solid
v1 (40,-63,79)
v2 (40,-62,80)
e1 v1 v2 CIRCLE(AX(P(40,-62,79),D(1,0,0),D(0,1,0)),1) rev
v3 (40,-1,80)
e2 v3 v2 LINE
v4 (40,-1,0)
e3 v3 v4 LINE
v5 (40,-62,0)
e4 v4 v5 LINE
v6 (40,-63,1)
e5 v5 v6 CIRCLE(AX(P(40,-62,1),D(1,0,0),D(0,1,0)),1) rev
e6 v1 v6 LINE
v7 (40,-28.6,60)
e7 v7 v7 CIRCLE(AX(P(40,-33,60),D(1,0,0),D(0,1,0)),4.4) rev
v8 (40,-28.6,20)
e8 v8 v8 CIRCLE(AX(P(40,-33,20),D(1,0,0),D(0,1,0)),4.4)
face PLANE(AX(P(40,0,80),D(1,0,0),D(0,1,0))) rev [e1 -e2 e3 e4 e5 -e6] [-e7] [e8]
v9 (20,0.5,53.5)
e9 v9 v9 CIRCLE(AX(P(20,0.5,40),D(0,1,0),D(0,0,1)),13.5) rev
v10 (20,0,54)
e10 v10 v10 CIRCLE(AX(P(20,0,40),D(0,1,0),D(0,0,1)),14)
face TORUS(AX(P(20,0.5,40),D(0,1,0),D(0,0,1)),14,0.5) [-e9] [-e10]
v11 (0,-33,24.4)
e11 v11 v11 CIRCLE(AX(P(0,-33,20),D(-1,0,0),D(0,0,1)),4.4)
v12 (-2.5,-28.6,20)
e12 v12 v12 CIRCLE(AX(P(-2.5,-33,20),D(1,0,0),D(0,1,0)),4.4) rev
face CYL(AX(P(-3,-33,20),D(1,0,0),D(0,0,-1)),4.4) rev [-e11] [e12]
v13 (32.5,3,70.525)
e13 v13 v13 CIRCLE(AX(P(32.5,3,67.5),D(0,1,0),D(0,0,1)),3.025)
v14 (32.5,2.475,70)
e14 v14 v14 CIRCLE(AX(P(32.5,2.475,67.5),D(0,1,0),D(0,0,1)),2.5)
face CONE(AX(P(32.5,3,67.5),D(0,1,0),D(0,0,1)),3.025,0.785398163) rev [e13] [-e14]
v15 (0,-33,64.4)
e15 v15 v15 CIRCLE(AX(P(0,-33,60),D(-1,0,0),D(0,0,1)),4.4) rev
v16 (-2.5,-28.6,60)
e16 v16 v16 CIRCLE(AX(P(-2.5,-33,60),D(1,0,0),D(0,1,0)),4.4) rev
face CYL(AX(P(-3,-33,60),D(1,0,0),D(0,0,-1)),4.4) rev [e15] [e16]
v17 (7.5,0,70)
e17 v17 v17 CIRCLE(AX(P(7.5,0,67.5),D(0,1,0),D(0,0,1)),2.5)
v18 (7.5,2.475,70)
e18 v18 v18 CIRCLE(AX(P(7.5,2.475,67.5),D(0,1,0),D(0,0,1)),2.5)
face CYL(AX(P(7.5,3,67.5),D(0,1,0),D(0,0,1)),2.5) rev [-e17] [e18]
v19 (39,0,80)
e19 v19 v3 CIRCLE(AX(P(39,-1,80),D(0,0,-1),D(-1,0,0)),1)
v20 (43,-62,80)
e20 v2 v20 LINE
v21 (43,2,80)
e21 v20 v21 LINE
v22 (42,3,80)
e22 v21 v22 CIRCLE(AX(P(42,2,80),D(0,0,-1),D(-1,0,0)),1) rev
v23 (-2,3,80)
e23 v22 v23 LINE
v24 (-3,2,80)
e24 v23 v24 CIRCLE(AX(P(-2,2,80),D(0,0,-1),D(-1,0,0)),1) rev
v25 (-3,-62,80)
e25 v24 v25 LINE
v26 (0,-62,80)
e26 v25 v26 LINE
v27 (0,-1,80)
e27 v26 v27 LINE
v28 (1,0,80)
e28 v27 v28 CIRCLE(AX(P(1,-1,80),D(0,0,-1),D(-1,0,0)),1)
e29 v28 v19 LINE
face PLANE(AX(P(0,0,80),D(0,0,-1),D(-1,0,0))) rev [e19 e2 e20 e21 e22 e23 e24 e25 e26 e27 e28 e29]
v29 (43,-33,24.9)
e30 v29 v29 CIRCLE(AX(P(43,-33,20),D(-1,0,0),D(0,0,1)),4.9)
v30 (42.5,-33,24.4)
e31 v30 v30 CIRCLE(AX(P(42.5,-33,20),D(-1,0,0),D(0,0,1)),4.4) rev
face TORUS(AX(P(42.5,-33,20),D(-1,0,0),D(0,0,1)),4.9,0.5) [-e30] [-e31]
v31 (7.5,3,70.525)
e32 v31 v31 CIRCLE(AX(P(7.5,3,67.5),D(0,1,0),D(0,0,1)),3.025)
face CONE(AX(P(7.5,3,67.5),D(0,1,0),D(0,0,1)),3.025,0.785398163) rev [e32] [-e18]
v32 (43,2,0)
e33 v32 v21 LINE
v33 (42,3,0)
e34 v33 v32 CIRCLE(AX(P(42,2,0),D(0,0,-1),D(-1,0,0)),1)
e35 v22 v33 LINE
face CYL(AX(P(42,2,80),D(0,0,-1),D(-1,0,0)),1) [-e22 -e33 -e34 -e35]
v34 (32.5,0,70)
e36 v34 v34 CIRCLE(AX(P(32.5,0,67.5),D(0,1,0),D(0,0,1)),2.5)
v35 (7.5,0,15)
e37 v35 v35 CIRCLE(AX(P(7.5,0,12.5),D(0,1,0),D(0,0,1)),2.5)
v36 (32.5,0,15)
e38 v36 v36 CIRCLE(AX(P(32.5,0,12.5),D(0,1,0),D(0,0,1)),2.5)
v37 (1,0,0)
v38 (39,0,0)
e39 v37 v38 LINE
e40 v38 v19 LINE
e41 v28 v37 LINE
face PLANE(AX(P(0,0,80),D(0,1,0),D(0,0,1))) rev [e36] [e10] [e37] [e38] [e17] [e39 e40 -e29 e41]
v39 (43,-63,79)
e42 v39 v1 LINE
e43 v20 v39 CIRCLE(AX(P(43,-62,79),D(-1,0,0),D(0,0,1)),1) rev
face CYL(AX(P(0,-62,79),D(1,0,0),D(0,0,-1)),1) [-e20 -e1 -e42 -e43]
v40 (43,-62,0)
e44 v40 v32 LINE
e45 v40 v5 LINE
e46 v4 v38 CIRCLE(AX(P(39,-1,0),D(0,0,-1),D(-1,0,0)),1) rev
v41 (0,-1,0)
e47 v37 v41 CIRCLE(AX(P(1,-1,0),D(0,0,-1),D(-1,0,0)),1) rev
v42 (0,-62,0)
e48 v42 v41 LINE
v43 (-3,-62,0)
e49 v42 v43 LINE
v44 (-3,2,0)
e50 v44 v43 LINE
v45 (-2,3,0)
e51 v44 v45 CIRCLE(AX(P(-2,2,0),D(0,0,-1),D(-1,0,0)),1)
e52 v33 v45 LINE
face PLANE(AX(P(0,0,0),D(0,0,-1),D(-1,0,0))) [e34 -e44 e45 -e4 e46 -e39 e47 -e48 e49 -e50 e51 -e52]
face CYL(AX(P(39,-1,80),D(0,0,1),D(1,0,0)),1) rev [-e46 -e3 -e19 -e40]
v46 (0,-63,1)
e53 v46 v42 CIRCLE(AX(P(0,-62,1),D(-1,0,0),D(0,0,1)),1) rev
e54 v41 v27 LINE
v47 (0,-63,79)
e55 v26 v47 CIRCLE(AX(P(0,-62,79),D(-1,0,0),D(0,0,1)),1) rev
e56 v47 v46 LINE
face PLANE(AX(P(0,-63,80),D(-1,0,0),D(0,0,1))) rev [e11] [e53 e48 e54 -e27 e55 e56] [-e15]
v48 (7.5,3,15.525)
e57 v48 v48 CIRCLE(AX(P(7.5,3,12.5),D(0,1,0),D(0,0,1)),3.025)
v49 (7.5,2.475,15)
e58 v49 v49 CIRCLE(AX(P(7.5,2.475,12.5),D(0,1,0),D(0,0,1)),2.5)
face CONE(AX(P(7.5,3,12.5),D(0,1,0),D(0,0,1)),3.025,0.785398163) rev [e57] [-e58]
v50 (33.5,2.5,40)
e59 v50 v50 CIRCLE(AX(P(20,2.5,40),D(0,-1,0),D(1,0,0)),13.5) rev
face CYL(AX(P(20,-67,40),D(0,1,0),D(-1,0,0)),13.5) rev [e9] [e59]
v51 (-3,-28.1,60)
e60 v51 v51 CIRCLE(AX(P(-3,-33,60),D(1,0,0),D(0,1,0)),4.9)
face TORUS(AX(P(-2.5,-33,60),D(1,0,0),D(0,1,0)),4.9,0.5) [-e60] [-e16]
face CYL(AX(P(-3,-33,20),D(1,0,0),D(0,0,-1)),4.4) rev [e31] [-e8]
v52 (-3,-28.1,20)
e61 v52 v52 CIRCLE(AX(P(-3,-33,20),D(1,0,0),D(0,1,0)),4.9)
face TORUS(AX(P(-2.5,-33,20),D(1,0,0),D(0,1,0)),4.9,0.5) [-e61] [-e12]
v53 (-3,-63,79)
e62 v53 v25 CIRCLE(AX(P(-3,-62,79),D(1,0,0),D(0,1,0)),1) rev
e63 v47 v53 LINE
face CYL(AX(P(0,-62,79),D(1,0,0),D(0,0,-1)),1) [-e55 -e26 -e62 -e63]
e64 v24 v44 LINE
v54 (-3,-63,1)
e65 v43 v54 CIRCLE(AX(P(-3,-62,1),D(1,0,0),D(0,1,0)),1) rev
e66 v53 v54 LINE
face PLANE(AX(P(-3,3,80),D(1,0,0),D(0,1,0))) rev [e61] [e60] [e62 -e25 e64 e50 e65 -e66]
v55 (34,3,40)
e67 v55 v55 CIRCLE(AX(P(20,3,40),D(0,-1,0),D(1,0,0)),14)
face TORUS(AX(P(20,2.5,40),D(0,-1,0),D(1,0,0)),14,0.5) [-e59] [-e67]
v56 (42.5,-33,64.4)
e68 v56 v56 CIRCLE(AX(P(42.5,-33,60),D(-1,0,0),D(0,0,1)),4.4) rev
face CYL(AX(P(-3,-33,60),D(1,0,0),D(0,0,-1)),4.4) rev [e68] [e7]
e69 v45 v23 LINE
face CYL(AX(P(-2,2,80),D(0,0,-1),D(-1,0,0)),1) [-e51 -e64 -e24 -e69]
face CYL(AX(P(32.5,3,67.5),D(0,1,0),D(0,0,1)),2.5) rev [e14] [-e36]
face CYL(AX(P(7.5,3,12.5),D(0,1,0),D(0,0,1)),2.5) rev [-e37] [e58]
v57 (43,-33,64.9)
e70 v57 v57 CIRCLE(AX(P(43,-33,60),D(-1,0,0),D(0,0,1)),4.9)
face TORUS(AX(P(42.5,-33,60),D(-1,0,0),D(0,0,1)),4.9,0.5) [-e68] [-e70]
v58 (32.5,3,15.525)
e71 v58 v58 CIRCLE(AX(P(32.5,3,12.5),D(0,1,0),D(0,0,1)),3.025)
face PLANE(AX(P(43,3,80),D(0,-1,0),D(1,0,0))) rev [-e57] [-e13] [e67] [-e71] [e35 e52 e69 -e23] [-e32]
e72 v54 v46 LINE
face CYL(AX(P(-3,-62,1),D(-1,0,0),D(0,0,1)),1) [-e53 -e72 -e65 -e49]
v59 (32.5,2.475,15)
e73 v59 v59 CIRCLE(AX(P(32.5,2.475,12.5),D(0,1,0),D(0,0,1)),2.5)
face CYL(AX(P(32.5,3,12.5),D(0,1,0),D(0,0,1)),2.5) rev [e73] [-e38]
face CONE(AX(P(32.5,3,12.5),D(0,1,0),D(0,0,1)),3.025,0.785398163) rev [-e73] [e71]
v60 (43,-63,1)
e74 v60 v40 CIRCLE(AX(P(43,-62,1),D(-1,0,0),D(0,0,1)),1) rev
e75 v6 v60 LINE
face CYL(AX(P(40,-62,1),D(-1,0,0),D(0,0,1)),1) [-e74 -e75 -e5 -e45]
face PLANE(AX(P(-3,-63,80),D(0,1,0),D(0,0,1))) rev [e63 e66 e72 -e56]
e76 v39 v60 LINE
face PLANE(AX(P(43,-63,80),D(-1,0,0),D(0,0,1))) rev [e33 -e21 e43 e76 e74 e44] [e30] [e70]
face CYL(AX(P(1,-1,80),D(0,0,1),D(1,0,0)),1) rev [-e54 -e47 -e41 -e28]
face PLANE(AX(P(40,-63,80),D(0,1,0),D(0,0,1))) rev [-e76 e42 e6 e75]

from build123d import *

# Parameters (mm, degrees)
EXTRUDE_1_DEPTH              = 80
HOLE_WIZARD_M6_1_D           = 5
HOLE_WIZARD_M6_1_CSINK_D     = 6.05
HOLE_WIZARD_M6_1_CSINK_ANGLE = 90
CUT_EXTRUDE_1_DEPTH          = 70
SKETCH_6_R                   = 4.4
CUT_EXTRUDE_2_DEPTH          = 112.736296699
FILLET_1_R                   = 1
FILLET_2_R                   = 0.5


with BuildPart() as part:
    # 草图1 → 凸台-拉伸1 (new body)
    with BuildSketch(Plane.XY):
        Polygon((0, 0), (40, 0), (40, -63), (43, -63), (43, 3), (-3, 3), (-3, -63), (0, -63), align=None)
    extrude(amount=EXTRUDE_1_DEPTH)

    # M6 螺纹孔1 (through all)
    with Locations(Plane(origin=(0, 3, 0), x_dir=(1, 0, 0), z_dir=(0, 1, 0))):
        with Locations((7.5, -12.5), (32.5, -12.5), (32.5, -67.5), (7.5, -67.5)):
            CounterSinkHole(HOLE_WIZARD_M6_1_D / 2, HOLE_WIZARD_M6_1_CSINK_D / 2, counter_sink_angle=HOLE_WIZARD_M6_1_CSINK_ANGLE)

    # 草图5 → 切除-拉伸1 (cut)
    with BuildSketch(Plane(origin=(0, 3, 0), x_dir=(1, 0, 0), z_dir=(0, 1, 0))):
        with BuildLine():
            ThreePointArc((6.5, -40), (20, -53.5), (33.5, -40))
            Line((33.5, -40), (6.5, -40))
        make_face()
        with BuildLine():
            Line((6.5, -40), (33.5, -40))
            ThreePointArc((33.5, -40), (20, -26.5), (6.5, -40))
        make_face()
    extrude(amount=-CUT_EXTRUDE_1_DEPTH, mode=Mode.SUBTRACT)

    # 草图6 → 切除-拉伸2 (cut, through all)
    with BuildSketch(Plane(origin=(43, 0, 0), x_dir=(0, 0, -1), z_dir=(1, 0, 0))):
        with Locations((-20, -33)):
            Circle(SKETCH_6_R)
        with Locations((-60, -33)):
            Circle(SKETCH_6_R)
    extrude(amount=-CUT_EXTRUDE_2_DEPTH, mode=Mode.SUBTRACT)

    # 圆角1
    fillet_1_edges = [part.edges().sort_by_distance(p)[0] for p in [
        (41.5, -63, 0),
        (-3, 3, 40),
        (43, 3, 40),
        (40, 0, 40),
        (0, 0, 40),
        (41.5, -63, 80),
        (-1.5, -63, 80),
        (-1.5, -63, 0),
    ]]
    fillet(fillet_1_edges, radius=FILLET_1_R)

    # 圆角2
    fillet_2_edges = [part.edges().sort_by_distance(p)[0] for p in [
        (33.5, 0, 40),
        (33.5, 3, 40),
        (43, -33, 64.4),
        (-3, -33, 64.4),
        (-3, -33, 24.4),
        (43, -33, 24.4),
    ]]
    fillet(fillet_2_edges, radius=FILLET_2_R)


solid = part.part
